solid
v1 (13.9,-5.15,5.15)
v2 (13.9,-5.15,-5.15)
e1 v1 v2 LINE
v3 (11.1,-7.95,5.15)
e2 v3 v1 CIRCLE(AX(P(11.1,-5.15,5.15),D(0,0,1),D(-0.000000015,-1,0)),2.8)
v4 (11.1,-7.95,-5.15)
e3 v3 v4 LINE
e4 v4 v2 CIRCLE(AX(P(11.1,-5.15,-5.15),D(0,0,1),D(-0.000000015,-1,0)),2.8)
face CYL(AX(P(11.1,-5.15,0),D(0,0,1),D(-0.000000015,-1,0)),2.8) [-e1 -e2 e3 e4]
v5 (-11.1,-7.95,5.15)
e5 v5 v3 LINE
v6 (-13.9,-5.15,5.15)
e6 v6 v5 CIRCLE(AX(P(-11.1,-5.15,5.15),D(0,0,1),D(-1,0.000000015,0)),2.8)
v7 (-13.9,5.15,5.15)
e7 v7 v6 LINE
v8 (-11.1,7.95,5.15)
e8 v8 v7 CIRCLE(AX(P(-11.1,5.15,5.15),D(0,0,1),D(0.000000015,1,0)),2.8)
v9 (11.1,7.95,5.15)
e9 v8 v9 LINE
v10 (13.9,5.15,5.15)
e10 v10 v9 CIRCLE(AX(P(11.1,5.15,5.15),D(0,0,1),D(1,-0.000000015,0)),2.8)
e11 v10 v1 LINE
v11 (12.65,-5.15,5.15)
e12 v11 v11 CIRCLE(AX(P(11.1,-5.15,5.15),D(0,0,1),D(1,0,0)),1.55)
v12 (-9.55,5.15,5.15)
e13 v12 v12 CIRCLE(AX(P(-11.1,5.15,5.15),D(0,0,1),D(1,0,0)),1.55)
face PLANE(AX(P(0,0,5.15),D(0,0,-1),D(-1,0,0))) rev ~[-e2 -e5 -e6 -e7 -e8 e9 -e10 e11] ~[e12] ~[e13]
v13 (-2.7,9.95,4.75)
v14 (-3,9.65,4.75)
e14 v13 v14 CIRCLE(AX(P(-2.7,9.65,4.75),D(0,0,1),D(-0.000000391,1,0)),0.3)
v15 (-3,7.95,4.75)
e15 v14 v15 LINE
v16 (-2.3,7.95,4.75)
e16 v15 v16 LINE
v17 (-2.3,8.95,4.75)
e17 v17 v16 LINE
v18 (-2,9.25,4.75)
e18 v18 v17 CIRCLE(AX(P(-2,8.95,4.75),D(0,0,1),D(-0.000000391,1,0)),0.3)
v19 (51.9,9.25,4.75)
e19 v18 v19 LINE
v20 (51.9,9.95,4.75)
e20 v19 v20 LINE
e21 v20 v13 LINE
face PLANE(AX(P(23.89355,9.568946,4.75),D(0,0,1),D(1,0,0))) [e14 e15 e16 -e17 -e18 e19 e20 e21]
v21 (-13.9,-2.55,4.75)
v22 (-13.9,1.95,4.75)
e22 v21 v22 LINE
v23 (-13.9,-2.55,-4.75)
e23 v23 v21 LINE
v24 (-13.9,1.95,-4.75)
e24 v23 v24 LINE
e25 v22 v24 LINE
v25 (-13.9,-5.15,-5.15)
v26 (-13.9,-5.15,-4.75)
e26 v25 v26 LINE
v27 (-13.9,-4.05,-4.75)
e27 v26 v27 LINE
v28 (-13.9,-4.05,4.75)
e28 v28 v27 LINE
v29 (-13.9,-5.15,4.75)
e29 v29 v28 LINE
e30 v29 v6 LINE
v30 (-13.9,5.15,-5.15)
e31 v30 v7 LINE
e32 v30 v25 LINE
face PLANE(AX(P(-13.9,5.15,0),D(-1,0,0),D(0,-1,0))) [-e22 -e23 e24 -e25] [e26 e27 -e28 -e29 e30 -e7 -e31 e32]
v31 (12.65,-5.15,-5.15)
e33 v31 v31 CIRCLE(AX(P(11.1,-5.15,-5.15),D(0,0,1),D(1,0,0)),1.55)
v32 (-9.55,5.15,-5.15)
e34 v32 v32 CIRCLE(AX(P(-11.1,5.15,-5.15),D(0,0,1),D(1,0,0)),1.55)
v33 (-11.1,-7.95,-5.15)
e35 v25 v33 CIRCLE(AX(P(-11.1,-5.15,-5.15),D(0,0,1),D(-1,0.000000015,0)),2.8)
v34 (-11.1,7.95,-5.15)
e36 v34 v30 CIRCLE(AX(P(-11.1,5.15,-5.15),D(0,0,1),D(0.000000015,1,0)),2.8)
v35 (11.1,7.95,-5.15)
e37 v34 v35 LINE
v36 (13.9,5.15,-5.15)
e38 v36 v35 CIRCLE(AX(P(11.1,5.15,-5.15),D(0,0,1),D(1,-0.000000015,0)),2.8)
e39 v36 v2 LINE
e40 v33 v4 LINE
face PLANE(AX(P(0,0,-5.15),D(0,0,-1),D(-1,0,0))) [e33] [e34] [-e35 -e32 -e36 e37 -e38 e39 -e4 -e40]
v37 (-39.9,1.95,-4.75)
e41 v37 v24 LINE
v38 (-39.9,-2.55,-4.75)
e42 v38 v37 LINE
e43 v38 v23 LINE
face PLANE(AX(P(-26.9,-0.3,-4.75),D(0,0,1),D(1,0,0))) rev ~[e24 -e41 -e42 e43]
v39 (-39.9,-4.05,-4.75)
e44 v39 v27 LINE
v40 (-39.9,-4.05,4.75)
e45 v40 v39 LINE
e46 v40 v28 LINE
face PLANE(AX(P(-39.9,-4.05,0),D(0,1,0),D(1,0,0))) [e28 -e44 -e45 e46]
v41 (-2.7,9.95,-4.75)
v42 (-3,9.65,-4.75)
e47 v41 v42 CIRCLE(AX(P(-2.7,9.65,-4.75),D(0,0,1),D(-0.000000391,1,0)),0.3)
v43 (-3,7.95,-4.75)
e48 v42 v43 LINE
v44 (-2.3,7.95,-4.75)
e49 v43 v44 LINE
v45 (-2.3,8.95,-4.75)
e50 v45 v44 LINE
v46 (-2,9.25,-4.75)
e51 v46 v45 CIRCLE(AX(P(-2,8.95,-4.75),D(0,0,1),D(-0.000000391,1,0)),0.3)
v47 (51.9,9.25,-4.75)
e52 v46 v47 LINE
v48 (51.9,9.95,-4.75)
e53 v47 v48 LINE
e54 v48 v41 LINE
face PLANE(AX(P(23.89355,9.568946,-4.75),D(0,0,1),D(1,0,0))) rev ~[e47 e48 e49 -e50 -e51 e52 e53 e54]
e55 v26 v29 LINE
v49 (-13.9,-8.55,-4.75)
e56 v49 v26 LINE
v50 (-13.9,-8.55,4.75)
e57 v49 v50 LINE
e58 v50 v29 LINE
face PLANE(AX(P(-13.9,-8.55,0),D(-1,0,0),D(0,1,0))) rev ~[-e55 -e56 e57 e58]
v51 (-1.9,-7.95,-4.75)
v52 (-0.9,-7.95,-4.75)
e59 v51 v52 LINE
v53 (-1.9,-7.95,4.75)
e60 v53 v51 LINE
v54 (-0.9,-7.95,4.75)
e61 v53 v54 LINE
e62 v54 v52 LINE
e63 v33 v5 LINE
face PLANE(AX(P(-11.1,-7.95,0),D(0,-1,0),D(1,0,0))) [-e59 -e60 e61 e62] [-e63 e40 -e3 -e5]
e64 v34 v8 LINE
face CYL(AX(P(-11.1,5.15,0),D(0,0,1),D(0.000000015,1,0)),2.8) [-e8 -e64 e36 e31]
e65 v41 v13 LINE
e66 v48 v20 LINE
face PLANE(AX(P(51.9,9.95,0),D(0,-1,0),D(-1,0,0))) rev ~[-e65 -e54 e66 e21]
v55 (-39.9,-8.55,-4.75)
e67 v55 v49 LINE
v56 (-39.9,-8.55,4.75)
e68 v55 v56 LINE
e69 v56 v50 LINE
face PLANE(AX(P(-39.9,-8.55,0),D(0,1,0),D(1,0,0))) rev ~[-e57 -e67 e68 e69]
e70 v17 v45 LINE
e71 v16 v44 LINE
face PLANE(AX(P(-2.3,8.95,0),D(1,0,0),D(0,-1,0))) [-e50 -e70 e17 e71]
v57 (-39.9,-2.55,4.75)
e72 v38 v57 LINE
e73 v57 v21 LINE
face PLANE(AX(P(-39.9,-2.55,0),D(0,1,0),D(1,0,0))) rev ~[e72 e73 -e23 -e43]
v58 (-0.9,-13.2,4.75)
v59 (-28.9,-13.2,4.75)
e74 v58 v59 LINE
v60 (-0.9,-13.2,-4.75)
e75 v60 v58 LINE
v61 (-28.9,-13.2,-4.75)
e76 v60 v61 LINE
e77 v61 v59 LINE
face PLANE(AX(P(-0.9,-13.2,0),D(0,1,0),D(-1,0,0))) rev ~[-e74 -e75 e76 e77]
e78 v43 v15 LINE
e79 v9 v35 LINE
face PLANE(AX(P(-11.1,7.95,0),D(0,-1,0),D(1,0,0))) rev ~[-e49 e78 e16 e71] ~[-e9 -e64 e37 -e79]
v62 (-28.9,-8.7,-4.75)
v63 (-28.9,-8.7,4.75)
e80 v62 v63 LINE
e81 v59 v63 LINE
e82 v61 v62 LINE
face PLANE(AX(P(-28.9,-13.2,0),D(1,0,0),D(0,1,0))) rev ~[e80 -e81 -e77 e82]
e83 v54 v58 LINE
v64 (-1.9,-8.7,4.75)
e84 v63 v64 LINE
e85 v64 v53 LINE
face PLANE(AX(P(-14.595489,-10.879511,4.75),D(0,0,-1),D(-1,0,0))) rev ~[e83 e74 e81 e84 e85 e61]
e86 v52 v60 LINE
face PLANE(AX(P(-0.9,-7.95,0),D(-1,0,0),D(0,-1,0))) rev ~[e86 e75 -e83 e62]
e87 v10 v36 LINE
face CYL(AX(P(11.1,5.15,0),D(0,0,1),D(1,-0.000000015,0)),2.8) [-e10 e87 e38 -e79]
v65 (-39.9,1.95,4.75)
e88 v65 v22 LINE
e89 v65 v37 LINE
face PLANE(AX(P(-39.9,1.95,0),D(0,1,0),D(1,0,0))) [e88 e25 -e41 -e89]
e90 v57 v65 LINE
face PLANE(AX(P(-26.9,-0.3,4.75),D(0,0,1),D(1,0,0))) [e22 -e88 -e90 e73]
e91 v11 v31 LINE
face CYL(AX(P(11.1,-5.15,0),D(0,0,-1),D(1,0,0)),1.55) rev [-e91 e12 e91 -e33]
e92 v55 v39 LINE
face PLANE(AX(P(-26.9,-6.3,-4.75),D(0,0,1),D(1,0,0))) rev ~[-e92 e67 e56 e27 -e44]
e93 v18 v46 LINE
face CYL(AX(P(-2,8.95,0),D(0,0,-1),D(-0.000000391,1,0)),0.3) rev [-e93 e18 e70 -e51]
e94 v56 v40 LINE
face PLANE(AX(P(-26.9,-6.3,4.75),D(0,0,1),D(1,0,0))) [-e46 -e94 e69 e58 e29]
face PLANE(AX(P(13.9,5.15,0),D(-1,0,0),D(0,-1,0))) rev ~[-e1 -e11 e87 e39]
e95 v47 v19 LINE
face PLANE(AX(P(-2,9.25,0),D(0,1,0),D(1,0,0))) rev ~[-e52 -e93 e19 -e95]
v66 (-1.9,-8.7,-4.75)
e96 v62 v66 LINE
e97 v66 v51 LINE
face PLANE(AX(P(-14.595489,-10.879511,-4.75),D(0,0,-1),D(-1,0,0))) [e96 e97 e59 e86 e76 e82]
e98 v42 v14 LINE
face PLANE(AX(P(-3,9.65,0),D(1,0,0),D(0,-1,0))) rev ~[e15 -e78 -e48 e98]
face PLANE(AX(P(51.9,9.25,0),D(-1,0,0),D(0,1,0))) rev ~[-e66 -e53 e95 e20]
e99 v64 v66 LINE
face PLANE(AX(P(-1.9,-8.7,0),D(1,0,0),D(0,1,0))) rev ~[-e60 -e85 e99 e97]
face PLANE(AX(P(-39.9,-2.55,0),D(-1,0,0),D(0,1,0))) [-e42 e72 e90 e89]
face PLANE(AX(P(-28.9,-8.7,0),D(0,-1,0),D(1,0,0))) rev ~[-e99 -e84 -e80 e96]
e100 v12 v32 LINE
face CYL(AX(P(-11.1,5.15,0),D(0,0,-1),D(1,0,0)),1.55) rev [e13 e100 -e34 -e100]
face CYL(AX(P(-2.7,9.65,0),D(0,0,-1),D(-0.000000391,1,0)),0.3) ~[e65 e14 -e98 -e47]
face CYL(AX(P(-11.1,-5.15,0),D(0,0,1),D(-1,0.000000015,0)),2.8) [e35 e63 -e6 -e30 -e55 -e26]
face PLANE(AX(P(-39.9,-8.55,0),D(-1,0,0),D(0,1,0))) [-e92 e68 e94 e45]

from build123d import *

# Parameters (mm, degrees)
SKETCH_R     = 1.55
PAD_DEPTH    = 5.15
SKETCH001_W  = 26
SKETCH001_H  = 4.5
PAD001_DEPTH = 4.75


with BuildPart() as part:
    # Sketch → Pad (new body, symmetric)
    with BuildSketch(Plane.XY):
        with BuildLine():
            Line((-11.1, 7.95), (11.1, 7.95))
            ThreePointArc((13.9, 5.15), (13.079899, 7.129899), (11.1, 7.95))
            Line((13.9, 5.15), (13.9, -5.15))
            ThreePointArc((11.1, -7.95), (13.079899, -7.129899), (13.9, -5.15))
            Line((-11.1, -7.95), (11.1, -7.95))
            ThreePointArc((-13.9, -5.15), (-13.079899, -7.129899), (-11.1, -7.95))
            Line((-13.9, 5.15), (-13.9, -5.15))
            ThreePointArc((-11.1, 7.95), (-13.079899, 7.129899), (-13.9, 5.15))
        make_face()
        with Locations((-11.1, 5.15)):
            Circle(SKETCH_R, mode=Mode.SUBTRACT)
        with Locations((11.1, -5.15)):
            Circle(SKETCH_R, mode=Mode.SUBTRACT)
    extrude(amount=PAD_DEPTH, both=True)

    # Sketch001 → Pad001 (join, symmetric)
    with BuildSketch(Plane.XY):
        with BuildLine():
            Line((-2, 9.25), (51.9, 9.25))
            Line((51.9, 9.25), (51.9, 9.95))
            Line((51.9, 9.95), (-2.7, 9.95))
            ThreePointArc((-2.7, 9.95), (-2.912132, 9.862132), (-3, 9.65))
            Line((-3, 9.65), (-3, 7.95))
            Line((-3, 7.95), (-2.3, 7.95))
            Line((-2.3, 8.95), (-2.3, 7.95))
            ThreePointArc((-2, 9.25), (-2.212132, 9.162132), (-2.3, 8.95))
        make_face()
        with Locations((-26.9, -0.3)):
            Rectangle(SKETCH001_W, SKETCH001_H)
        with Locations((-26.9, -6.3)):
            Rectangle(SKETCH001_W, SKETCH001_H)
        Polygon((-28.9, -8.7), (-1.9, -8.7), (-1.9, -7.95), (-0.9, -7.95), (-0.9, -13.2), (-28.9, -13.2), align=None)
    extrude(amount=PAD001_DEPTH, both=True)


solid = part.part
